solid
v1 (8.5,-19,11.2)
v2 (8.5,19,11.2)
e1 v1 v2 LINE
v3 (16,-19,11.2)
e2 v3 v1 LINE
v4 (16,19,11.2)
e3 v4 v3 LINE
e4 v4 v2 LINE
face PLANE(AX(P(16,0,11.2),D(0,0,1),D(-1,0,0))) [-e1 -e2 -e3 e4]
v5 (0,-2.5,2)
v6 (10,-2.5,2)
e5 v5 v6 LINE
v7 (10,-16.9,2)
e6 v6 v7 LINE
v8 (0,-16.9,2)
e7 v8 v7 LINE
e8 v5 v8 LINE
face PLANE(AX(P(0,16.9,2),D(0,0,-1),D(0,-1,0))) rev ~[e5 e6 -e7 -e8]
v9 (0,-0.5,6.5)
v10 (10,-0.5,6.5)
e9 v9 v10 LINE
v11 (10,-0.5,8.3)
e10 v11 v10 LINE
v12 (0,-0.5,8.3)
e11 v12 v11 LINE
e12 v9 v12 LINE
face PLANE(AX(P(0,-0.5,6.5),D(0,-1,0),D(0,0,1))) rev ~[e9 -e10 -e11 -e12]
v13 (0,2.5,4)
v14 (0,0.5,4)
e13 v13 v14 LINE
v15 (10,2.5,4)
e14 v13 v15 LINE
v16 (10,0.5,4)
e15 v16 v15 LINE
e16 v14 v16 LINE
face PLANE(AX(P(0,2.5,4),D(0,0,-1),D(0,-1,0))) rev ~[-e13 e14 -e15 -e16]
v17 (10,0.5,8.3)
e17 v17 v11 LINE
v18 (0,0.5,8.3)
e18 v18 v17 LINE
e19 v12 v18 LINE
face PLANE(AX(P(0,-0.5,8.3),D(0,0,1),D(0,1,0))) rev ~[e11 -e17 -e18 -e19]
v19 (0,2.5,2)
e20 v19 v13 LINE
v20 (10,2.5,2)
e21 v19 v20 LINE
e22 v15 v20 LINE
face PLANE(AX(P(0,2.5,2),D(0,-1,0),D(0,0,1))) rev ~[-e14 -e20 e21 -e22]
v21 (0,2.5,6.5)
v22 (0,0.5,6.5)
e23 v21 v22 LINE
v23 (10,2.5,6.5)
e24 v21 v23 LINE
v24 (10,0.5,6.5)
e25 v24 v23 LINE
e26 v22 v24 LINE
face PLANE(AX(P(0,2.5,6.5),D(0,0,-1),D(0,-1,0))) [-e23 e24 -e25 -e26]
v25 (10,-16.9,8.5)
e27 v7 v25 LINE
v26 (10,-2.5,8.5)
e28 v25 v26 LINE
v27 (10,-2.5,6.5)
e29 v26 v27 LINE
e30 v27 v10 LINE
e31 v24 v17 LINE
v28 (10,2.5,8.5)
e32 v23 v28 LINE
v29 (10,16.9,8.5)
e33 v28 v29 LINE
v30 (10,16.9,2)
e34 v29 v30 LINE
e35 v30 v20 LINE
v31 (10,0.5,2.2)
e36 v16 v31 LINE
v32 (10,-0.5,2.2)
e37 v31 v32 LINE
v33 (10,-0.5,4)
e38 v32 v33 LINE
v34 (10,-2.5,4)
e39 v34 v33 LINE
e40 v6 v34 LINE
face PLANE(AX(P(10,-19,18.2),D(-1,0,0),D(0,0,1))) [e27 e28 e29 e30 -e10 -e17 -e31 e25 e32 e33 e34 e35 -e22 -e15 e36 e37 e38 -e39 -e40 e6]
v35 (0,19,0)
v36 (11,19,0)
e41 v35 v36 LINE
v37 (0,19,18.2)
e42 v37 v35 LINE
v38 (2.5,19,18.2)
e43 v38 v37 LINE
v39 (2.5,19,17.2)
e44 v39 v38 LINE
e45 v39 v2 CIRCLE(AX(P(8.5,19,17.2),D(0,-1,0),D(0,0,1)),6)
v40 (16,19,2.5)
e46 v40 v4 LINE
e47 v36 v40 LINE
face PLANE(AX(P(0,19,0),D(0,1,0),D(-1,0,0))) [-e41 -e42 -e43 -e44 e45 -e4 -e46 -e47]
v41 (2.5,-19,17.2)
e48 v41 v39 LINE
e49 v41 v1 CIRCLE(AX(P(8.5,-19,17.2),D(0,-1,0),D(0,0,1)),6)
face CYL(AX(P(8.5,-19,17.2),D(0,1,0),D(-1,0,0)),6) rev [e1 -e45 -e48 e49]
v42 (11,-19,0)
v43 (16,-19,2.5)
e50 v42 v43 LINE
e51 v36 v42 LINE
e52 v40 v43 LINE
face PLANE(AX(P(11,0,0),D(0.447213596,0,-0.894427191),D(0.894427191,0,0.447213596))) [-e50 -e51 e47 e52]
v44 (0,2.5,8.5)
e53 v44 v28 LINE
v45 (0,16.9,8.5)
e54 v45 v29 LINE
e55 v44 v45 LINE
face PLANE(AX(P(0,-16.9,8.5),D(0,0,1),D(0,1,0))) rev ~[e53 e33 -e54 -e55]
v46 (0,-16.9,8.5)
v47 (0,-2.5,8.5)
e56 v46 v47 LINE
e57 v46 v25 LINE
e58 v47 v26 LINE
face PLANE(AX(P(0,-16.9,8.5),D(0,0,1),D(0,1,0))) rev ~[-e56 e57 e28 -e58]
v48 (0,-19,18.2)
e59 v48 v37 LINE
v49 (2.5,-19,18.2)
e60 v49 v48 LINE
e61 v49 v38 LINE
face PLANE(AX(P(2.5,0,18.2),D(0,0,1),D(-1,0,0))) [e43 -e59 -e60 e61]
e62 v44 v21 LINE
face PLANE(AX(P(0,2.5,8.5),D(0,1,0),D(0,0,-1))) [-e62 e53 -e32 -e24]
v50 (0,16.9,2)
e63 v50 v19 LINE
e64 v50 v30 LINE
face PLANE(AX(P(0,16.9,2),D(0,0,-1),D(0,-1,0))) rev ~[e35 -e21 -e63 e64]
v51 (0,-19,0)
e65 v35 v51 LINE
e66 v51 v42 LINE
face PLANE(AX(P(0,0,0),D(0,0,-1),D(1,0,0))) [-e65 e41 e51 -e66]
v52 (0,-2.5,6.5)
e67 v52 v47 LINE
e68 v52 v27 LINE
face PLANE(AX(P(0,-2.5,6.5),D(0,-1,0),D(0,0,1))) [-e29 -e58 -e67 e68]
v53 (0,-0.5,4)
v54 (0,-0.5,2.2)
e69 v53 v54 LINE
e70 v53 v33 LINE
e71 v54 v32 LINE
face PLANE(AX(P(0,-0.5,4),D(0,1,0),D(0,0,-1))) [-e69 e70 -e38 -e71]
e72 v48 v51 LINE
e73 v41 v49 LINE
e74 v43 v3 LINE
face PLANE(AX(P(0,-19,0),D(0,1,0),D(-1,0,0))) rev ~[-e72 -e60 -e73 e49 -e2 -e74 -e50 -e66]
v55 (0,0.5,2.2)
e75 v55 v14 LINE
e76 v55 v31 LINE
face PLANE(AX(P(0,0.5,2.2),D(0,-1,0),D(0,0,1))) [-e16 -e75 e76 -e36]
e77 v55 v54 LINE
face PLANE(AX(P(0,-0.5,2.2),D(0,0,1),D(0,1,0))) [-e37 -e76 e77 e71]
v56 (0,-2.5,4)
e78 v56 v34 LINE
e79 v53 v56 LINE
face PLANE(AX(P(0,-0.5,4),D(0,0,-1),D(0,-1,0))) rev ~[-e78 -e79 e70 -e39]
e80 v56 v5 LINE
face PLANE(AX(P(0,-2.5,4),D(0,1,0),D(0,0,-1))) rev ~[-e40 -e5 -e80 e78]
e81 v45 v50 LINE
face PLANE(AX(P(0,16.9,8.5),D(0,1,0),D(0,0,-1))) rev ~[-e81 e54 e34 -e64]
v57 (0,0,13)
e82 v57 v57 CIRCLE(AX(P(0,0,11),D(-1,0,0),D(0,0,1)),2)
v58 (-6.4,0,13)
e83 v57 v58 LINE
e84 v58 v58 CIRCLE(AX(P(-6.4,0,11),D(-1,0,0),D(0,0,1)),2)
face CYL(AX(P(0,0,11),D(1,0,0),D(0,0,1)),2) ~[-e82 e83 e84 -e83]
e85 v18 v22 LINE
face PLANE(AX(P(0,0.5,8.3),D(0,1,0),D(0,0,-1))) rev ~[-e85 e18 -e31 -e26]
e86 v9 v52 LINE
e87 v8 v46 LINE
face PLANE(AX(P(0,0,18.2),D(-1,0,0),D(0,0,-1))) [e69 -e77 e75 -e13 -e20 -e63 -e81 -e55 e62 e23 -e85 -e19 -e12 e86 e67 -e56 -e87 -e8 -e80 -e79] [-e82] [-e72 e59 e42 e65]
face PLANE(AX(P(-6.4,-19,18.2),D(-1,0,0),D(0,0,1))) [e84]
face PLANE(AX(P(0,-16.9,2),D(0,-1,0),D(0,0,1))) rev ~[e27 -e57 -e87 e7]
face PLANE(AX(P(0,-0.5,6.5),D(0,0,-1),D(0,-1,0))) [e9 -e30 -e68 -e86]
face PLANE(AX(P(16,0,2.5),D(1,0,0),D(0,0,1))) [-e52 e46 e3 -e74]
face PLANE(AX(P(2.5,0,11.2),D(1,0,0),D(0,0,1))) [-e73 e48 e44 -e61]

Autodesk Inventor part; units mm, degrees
ref_plane "YZ Plane" through (0, 0, 0) normal (1, 0, 0) x (0, 1, 0)
ref_plane "XZ Plane" through (0, 0, 0) normal (0, 1, 0) x (-1, 0, 0)
ref_plane "XY Plane" through (0, 0, 0) normal (0, 0, 1) x (1, 0, 0)
sketch "Sketch2" plane through (0, 0, 0) normal (0, 1, 0) x (-1, 0, 0)
  line L0 (0, 18.2) -> (0, 0)
  line L1 (0, 0) -> (-11, 0)
  line L2 (-11, 0) -> (-16, 2.5)
  line L3 (-16, 2.5) -> (-16, 11.2)
  line L4 (-16, 11.2) -> (-2.5, 11.2)
  line L5 (-2.5, 11.2) -> (-2.5, 18.2)
  line L6 (-2.5, 18.2) -> (0, 18.2)
  dimension "d0" = 18.2
  dimension "d1" = 11.2
  dimension "d2" = 2.5
  dimension "d3" = 16
  dimension "d4" = 5
  dimension "d5" = 2.5
extrude "Extrusion1" add sketch "Sketch2" along normal mid plane 38
fillet "Fillet1" radius 6 1 edges at (2.5, 0, 11.2)
sketch "Sketch3" plane through (0, -19, 18.2) normal (-1, 0, 0) x (0, 0, 1)
  line L0 (-9.7, 35.9) -> (-16.2, 35.9)
  line L1 (-16.2, 35.9) -> (-16.2, 2.1)
  line L2 (-16.2, 2.1) -> (-9.7, 2.1)
  line L3 (-9.7, 2.1) -> (-9.7, 35.9)
  line L4 (-18.2, 19) -> (-16.2, 19) construction
  line L5 (-18.2, 38) -> (-18.2, 0) construction
  line L6 (0, 0) -> (-18.2, 0) construction
  line L7 (-18.2, 38) -> (0, 38) construction
  dimension "d9" = 2
  dimension "d10" = 33.8
  dimension "d11" = 6.5
extrude "Extrusion2" cut sketch "Sketch3" against normal blind 10
sketch "Sketch4" plane through (0, -19, 18.2) normal (-1, 0, 0) x (0, 0, 1)
  circle A0 centre (-7.2, 19) radius 2
  line L0 (-7.2, 19) -> (-18.2, 19) construction
  dimension "d14" = 4
  dimension "d15" = 11
extrude "Extrusion3" add sketch "Sketch4" along normal blind 6.4
sketch "Sketch5" plane through (0, -19, 18.2) normal (-1, 0, 0) x (0, 0, 1)
  line L0 (-9.7, 21.5) -> (-11.7, 21.5)
  line L1 (-11.7, 16.5) -> (-9.7, 16.5)
  line L2 (-9.7, 16.5) -> (-9.7, 21.5)
  line L3 (-16.2, 35.9) -> (-9.7, 35.9) construction
  line L4 (-9.7, 2.1) -> (-16.2, 2.1) construction
  line L5 (-9.7, 35.9) -> (-9.7, 2.1) construction
  line L6 (-12.95, 35.9) -> (-12.95, 2.1) construction
  line L7 (-18.2, 19) -> (-9.9, 19)
  line L8 (-11.7, 18.5) -> (-9.9, 18.5)
  line L9 (-9.9, 18.5) -> (-9.9, 19.5)
  line L10 (-9.9, 19.5) -> (-11.7, 19.5)
  line L11 (-11.7, 21.5) -> (-11.7, 19.5)
  line L12 (-11.7, 18.5) -> (-11.7, 16.5)
  line L13 (-16.2, 21.5) -> (-14.2, 21.5)
  line L14 (-14.2, 16.5) -> (-16.2, 16.5)
  line L15 (-16.2, 16.5) -> (-16.2, 21.5)
  line L16 (-14.2, 18.5) -> (-16, 18.5)
  line L17 (-16, 18.5) -> (-16, 19.5)
  line L18 (-16, 19.5) -> (-14.2, 19.5)
  line L19 (-14.2, 21.5) -> (-14.2, 19.5)
  line L20 (-14.2, 18.5) -> (-14.2, 16.5)
  point P0 (-16, 19)
  dimension "d19" = 5
  dimension "d20" = 2
  dimension "d21" = 2.5
  dimension "d22" = 1
  dimension "d23" = 1.8
extrude "Extrusion4" add sketch "Sketch5" against normal up to next
properties part number "Boton de extraccion" material "ABS Plastic"
